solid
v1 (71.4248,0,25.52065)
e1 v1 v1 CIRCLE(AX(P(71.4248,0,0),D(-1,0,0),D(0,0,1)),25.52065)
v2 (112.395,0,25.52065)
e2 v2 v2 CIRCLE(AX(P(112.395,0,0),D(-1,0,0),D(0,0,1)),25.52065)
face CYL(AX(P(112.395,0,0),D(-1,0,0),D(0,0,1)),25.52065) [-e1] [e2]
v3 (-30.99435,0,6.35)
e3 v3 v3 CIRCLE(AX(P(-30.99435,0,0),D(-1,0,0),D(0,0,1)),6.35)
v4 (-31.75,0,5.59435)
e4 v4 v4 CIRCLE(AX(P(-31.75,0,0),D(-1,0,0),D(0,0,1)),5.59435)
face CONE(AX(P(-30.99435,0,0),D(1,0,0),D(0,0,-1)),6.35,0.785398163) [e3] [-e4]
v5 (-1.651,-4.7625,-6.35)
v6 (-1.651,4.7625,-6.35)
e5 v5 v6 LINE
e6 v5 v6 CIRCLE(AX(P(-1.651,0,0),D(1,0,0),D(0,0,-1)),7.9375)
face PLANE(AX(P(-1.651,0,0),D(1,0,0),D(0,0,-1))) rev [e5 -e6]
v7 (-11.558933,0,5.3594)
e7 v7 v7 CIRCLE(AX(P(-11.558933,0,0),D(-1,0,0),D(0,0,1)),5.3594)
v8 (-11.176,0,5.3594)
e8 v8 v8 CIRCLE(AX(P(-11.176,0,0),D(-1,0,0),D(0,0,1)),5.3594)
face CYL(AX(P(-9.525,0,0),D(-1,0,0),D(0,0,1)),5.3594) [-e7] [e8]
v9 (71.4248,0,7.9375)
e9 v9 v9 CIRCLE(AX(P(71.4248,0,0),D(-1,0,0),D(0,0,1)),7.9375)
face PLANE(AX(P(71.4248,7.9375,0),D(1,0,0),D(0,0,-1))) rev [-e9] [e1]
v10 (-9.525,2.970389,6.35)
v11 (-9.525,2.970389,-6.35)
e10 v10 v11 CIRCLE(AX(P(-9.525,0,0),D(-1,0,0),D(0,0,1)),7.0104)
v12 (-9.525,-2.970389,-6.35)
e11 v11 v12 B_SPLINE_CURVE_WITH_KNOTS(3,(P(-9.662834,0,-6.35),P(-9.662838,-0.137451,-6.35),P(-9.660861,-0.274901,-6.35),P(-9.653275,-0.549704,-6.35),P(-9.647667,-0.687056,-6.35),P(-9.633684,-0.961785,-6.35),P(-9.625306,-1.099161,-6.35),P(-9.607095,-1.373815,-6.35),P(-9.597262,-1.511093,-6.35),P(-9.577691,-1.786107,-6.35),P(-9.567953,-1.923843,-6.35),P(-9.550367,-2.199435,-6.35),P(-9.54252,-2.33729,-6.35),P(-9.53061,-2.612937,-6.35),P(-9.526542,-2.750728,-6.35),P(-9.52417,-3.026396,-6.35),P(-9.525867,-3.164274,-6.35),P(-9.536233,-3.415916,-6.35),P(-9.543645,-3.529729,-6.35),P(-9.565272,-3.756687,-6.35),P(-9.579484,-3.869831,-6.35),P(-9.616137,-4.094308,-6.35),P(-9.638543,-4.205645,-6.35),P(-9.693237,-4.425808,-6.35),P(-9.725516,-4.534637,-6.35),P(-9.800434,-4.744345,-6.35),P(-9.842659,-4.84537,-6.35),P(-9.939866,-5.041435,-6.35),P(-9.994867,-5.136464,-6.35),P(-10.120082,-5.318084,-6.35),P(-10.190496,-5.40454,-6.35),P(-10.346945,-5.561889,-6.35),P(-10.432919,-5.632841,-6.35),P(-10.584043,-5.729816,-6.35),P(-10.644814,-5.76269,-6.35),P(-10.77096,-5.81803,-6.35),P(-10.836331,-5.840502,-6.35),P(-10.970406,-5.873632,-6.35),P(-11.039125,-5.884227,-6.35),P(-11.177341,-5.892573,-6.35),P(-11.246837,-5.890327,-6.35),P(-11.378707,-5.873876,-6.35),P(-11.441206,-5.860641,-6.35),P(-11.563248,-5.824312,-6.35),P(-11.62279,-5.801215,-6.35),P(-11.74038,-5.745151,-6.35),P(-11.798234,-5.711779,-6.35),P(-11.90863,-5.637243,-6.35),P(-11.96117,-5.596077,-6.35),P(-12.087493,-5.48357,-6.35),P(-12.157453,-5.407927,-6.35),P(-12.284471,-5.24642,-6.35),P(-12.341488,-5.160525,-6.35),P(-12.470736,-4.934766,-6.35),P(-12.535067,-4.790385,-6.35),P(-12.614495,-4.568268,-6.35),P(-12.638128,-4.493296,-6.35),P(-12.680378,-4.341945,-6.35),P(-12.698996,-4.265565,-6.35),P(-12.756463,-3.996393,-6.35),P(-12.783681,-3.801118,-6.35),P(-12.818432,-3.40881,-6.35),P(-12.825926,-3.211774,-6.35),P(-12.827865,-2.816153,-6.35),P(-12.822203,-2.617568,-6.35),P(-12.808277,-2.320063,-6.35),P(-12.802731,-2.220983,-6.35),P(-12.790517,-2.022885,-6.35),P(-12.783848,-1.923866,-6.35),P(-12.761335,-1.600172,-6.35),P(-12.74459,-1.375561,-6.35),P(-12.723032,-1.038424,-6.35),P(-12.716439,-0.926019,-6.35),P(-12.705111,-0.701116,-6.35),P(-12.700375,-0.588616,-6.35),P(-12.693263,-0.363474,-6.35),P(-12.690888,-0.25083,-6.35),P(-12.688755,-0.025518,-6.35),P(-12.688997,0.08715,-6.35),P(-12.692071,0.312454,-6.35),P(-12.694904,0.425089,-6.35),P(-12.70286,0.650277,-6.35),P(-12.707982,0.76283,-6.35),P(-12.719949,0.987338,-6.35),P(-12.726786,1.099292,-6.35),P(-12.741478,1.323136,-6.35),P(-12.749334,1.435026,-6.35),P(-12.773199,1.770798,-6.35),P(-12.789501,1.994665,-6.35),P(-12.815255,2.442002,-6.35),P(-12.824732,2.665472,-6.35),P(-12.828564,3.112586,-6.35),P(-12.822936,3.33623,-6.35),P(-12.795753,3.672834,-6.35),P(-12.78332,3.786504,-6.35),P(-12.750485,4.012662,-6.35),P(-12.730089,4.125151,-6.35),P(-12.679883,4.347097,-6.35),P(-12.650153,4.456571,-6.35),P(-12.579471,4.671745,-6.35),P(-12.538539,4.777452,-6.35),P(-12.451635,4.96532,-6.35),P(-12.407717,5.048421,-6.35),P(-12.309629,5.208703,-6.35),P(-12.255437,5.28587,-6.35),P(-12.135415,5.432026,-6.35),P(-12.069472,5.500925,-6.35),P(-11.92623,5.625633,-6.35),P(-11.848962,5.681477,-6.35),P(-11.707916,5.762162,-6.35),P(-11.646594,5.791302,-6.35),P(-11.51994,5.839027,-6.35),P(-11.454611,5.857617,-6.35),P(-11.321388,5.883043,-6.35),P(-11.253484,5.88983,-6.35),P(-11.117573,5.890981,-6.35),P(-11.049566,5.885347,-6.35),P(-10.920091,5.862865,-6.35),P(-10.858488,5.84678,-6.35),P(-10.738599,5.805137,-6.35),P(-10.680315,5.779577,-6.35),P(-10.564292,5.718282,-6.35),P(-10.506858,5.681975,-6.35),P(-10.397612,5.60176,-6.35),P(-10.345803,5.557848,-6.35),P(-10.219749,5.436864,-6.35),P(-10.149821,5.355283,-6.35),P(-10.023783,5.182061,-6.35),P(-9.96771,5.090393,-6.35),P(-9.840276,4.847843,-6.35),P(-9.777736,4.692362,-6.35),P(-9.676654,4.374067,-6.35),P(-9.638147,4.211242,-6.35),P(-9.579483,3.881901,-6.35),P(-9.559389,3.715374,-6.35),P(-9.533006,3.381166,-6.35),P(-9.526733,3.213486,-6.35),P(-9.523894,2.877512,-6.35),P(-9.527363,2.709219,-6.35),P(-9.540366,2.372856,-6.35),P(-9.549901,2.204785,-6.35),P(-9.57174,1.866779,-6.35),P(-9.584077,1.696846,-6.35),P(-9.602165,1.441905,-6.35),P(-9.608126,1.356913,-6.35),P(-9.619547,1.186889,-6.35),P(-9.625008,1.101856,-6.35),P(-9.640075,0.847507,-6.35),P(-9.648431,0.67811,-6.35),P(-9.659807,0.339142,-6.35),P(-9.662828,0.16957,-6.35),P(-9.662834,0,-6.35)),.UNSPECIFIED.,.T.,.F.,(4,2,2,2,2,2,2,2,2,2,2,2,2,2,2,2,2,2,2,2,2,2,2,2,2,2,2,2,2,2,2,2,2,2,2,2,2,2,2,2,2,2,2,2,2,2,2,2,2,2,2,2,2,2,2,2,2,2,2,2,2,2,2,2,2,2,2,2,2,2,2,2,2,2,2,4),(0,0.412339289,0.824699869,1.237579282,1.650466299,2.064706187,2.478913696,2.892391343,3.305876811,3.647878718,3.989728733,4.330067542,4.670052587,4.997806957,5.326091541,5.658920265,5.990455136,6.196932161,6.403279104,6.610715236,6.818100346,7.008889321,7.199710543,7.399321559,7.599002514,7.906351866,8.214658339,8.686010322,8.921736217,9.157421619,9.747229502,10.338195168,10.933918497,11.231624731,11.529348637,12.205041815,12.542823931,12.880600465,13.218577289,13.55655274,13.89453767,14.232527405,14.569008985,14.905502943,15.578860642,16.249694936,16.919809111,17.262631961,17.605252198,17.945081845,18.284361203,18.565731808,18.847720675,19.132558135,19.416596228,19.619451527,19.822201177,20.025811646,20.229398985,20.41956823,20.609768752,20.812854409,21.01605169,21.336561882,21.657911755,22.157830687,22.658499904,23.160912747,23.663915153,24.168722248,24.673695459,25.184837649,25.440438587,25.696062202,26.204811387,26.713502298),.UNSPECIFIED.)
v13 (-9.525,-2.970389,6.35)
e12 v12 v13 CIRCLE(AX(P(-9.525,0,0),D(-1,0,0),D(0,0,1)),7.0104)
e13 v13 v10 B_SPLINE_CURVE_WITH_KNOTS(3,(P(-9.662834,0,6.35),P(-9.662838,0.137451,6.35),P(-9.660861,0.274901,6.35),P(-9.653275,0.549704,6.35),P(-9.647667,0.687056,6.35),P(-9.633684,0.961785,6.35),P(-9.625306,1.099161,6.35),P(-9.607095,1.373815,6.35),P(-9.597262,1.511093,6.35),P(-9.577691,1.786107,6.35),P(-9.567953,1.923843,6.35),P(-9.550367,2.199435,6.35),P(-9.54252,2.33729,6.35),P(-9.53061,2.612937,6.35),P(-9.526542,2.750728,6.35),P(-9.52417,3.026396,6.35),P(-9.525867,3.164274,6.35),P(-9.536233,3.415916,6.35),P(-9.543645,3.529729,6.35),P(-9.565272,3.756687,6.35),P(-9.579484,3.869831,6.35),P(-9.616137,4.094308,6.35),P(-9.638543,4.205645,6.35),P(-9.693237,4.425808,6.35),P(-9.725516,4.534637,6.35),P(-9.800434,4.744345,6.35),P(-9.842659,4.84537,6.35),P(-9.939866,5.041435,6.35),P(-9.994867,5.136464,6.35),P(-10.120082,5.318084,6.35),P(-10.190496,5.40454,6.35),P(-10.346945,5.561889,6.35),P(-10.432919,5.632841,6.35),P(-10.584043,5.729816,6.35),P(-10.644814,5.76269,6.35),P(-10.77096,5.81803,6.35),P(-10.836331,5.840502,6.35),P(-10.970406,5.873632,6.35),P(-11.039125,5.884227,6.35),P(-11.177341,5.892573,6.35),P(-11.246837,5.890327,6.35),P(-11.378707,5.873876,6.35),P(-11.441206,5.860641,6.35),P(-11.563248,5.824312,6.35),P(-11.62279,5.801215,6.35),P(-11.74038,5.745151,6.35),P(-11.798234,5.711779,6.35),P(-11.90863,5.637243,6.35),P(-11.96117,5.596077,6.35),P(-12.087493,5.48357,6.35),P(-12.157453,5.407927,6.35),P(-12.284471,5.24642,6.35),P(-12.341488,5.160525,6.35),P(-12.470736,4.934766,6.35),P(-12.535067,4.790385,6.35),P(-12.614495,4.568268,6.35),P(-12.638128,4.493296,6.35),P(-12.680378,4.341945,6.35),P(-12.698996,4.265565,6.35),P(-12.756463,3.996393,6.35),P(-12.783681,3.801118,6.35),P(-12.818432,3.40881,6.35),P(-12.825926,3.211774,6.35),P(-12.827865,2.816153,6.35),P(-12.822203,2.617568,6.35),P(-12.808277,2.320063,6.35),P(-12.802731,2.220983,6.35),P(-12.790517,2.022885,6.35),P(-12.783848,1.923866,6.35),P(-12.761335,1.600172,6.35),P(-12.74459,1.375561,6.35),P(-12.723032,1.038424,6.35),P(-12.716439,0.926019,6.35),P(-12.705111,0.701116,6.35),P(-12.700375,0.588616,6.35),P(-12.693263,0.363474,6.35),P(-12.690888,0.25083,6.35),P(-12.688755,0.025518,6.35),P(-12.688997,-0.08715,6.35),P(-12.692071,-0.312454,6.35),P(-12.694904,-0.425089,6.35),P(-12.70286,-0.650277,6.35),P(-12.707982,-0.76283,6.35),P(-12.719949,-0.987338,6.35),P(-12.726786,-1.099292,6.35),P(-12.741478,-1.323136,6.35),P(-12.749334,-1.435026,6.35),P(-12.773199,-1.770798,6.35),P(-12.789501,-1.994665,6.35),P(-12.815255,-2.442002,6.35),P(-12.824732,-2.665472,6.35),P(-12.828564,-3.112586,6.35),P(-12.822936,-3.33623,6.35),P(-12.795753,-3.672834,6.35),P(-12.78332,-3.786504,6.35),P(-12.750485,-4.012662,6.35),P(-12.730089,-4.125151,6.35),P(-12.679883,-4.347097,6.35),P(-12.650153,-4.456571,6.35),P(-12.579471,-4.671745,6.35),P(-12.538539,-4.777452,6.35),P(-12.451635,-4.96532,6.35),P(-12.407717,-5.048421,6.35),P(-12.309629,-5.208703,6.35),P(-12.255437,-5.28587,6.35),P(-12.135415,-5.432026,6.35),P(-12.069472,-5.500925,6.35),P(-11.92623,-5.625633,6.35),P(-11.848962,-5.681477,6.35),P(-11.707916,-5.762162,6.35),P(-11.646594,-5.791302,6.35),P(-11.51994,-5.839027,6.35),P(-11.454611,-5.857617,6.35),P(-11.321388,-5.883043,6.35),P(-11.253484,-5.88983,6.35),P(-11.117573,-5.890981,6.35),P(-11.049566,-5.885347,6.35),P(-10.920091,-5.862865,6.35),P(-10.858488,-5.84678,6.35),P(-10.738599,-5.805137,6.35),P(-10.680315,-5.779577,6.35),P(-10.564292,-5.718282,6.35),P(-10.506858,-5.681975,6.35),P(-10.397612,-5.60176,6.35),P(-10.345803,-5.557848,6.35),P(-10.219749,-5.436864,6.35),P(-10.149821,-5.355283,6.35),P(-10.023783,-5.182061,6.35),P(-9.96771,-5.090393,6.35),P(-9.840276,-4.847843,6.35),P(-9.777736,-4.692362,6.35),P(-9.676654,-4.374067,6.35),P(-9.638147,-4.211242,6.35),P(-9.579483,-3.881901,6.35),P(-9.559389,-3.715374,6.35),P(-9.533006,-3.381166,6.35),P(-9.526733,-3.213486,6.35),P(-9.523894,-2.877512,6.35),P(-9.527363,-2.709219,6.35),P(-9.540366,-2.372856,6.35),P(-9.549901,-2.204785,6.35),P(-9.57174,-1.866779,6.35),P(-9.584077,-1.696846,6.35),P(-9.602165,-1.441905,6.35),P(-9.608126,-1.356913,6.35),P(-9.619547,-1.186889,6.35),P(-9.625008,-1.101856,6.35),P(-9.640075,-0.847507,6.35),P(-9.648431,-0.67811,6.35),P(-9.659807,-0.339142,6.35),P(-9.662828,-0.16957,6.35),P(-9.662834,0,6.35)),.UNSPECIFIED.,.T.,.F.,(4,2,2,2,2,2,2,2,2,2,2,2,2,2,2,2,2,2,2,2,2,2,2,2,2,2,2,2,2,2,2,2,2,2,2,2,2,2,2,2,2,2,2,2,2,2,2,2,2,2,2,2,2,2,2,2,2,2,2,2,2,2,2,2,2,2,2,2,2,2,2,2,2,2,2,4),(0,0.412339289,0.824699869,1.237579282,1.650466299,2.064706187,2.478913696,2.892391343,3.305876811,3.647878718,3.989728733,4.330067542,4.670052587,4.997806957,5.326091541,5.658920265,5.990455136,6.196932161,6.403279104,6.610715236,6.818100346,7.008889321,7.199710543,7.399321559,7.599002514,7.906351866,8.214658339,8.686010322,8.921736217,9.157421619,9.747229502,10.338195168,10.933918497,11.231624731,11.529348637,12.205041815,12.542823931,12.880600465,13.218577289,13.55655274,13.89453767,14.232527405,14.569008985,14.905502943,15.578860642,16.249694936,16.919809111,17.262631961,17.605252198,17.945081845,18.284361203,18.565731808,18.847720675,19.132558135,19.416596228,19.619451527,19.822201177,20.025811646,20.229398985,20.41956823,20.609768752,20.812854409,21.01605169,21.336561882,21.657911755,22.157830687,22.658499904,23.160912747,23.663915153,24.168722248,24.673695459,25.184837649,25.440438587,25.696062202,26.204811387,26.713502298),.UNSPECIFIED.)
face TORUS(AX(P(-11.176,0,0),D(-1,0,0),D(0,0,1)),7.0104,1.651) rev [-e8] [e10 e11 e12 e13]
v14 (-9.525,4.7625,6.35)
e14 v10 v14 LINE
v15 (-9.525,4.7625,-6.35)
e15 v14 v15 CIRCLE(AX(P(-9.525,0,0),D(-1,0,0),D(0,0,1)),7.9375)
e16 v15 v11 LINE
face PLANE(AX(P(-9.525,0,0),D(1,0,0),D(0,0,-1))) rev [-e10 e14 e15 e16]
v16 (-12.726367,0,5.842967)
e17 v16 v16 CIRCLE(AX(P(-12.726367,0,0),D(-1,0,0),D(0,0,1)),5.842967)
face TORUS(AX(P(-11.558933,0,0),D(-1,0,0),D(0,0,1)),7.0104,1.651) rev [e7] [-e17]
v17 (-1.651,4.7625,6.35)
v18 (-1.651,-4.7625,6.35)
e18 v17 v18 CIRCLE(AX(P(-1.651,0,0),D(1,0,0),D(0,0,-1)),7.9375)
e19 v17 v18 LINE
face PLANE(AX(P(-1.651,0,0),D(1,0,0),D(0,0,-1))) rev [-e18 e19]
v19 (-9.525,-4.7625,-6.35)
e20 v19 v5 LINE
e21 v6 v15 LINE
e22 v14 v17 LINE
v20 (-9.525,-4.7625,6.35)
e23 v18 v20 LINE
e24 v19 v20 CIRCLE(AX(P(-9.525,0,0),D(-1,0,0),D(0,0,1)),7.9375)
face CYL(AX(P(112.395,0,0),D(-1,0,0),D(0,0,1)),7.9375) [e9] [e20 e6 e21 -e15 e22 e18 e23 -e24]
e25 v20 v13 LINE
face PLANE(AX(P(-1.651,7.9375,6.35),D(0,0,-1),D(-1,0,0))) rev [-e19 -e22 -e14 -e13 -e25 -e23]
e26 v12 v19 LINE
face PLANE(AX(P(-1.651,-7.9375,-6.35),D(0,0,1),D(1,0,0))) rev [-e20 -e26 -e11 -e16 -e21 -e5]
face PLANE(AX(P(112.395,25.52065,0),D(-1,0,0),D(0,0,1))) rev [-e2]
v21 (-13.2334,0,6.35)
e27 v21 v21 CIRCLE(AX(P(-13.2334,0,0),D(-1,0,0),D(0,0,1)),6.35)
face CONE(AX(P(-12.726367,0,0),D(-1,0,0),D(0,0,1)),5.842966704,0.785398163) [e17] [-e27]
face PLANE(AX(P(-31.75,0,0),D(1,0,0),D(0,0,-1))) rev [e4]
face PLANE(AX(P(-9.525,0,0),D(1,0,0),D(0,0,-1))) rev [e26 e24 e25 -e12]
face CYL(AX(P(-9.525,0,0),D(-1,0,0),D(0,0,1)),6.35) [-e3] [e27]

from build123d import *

# Parameters (mm, degrees)
SKETCH3_W          = 31.75
SKETCH3_H          = 31.75
SKETCH3_W_2        = 12.7
SKETCH3_H_2        = 15.875
CUT_EXTRUDE1_DEPTH = 8.509


with BuildPart() as part:
    # Sketch1 → Revolve1 (revolve)
    with BuildSketch(Plane.XY):
        Polygon((-9.525, 0), (-9.525, 7.9375), (71.4248, 7.9375), (71.4248, 25.52065), (112.395, 25.52065), (112.395, 0), align=None)
    revolve(axis=Axis((112.395, 0, 0), (-1, 0, 0)))

    # Sketch2 → Revolve2 (revolve)
    with BuildSketch(Plane.XY):
        with BuildLine():
            Line((-31.75, 0), (-31.75, 5.59435))
            Line((-31.75, 5.59435), (-30.99435, 6.35))
            Line((-30.99435, 6.35), (-13.2334, 6.35))
            Line((-13.2334, 6.35), (-12.726366704, 5.842966704))
            ThreePointArc((-12.726366704, 5.842966704), (-12.190743755, 5.485074892), (-11.558933409, 5.3594))
            Line((-11.558933409, 5.3594), (-11.176, 5.3594))
            ThreePointArc((-11.176, 5.3594), (-10.008566704, 5.842966704), (-9.525, 7.0104))
            Line((-9.525, 7.0104), (-9.525, 0))
            Line((-9.525, 0), (-31.75, 0))
        make_face()
    revolve(axis=Axis((-9.525, 0, 0), (-1, 0, 0)))

    # Sketch3 → Cut-Extrude1 (cut)
    with BuildSketch(Plane(origin=(-10.16, 0, 0), x_dir=(0, 0, -1), z_dir=(1, 0, 0))):
        Rectangle(SKETCH3_W, SKETCH3_H)
        Rectangle(SKETCH3_W_2, SKETCH3_H_2, mode=Mode.SUBTRACT)
    extrude(amount=CUT_EXTRUDE1_DEPTH, mode=Mode.SUBTRACT)


solid = part.part
